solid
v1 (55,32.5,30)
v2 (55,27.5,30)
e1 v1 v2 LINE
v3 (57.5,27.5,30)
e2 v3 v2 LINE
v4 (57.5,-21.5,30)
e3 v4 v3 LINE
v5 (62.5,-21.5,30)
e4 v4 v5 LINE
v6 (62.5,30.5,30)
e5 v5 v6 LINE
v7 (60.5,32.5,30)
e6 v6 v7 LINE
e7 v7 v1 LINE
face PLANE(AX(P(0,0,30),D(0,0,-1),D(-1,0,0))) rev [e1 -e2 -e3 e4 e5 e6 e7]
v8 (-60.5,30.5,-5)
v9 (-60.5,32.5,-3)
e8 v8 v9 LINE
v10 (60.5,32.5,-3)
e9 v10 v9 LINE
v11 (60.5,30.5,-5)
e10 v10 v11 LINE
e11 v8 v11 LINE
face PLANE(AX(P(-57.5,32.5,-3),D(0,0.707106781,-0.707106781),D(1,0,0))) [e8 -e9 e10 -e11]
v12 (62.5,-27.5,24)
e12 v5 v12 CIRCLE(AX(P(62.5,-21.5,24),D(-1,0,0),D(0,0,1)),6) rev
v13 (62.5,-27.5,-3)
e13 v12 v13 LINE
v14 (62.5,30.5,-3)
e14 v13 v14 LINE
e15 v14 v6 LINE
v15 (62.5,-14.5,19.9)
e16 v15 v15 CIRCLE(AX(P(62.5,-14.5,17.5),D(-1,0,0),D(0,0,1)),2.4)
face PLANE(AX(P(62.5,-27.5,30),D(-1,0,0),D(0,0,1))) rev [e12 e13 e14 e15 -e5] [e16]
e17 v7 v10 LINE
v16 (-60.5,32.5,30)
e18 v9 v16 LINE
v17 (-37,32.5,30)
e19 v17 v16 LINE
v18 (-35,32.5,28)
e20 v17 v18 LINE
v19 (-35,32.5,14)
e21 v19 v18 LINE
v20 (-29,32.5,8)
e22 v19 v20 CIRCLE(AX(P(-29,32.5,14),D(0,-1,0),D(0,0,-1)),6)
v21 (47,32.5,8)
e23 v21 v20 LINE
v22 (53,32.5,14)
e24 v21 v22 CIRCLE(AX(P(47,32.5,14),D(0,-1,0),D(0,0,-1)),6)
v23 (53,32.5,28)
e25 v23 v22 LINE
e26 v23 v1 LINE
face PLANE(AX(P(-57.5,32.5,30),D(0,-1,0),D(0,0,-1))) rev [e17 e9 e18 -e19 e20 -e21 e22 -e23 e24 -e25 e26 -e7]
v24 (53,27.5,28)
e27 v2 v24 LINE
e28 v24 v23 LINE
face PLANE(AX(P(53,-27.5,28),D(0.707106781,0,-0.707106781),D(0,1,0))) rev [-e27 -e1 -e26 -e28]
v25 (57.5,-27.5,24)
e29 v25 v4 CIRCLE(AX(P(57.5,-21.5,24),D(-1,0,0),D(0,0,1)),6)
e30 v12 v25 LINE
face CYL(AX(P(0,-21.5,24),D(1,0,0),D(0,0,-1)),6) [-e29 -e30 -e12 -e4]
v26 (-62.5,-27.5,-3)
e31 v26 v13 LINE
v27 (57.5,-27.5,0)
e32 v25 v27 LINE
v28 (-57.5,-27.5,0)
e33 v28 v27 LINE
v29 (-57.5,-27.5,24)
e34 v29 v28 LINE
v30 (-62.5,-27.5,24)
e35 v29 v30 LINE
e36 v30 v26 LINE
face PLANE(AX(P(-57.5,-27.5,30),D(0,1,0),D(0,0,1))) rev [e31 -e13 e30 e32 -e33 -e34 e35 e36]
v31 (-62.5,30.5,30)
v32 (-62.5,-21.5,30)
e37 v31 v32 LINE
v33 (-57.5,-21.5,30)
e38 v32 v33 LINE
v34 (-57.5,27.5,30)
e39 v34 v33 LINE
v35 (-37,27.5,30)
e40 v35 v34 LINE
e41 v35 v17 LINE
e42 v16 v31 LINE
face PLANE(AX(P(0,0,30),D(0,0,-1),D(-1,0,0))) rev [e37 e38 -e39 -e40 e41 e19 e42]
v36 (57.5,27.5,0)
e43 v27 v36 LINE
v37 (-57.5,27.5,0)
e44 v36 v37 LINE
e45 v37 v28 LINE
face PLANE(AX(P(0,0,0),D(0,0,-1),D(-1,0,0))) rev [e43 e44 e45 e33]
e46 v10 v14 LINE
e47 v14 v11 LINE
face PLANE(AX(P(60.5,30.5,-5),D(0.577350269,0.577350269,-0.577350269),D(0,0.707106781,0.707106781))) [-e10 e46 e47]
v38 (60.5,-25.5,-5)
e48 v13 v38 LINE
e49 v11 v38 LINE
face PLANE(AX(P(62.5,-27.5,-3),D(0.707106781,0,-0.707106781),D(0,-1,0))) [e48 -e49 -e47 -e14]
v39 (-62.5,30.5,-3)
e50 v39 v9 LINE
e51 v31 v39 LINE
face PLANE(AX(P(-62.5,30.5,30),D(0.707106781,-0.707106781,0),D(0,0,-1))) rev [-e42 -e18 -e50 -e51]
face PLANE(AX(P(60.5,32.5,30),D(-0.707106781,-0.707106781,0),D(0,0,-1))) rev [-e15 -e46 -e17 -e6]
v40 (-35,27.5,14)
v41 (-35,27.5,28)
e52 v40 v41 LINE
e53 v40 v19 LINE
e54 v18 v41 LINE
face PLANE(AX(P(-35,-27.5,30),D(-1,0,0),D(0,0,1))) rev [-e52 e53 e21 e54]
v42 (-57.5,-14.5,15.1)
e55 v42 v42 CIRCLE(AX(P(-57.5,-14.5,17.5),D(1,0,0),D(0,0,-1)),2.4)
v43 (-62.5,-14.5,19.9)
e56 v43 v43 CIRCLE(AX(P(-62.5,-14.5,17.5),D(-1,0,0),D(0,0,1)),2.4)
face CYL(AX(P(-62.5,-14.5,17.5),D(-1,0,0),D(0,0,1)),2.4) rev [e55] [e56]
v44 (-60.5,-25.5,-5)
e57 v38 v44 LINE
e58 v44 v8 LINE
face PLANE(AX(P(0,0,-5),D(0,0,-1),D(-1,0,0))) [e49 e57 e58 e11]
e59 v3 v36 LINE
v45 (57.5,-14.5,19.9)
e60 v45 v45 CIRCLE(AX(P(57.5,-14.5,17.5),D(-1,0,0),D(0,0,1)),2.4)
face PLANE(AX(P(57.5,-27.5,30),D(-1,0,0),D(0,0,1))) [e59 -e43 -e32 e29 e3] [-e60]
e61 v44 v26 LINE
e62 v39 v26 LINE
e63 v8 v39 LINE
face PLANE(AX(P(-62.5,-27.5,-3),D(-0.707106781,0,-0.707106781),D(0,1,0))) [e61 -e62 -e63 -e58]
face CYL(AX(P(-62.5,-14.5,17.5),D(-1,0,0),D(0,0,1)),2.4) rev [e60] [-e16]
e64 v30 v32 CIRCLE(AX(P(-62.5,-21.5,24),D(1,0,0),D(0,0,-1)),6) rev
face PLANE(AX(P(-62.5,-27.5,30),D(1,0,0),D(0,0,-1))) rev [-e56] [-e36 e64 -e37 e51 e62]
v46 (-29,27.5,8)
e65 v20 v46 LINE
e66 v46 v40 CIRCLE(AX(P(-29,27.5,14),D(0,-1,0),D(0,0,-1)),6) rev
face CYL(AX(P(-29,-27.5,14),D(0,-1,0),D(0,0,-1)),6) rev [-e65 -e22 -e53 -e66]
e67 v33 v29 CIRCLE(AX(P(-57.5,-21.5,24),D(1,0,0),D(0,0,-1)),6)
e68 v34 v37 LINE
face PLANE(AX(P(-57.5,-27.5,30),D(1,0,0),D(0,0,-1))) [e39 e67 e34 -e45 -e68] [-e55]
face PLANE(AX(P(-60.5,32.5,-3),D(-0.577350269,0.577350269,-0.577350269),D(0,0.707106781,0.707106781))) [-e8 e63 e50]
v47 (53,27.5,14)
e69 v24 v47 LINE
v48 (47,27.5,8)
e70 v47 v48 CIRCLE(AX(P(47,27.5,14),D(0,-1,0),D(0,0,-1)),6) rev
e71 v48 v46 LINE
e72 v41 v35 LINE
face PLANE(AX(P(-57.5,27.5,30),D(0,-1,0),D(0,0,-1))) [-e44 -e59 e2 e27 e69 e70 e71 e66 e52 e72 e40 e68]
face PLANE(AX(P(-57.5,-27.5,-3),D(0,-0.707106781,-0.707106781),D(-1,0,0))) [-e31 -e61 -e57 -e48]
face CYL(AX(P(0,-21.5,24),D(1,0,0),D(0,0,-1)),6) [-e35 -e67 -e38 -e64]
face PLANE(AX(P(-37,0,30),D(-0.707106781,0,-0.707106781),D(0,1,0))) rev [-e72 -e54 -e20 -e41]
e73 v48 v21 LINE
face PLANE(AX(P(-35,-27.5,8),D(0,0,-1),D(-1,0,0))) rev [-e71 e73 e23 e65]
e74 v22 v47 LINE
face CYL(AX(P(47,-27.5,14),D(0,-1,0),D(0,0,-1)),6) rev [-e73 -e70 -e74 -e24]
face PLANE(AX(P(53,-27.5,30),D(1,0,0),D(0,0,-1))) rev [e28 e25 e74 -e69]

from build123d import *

# Parameters (mm, degrees)
SKETCH1_W            = 115
SKETCH1_H            = 55
BOSS_EXTRUDE1_DEPTH  = 30
SKETCH2_W            = 88
SKETCH2_H            = 22
CUT_EXTRUDE1_DEPTH   = 86.036756758
SHELL1_T             = 5
M4_CLEARANCE_HOLE1_D = 4.8
CHAMFER1_SIZE        = 2
FILLET1_R            = 6
FILLET2_R            = 6


with BuildPart() as part:
    # Sketch1 → Boss-Extrude1 (new body)
    with BuildSketch(Plane.XY):
        Rectangle(SKETCH1_W, SKETCH1_H)
    extrude(amount=BOSS_EXTRUDE1_DEPTH)

    # Sketch2 → Cut-Extrude1 (cut, through all)
    with BuildSketch(Plane(origin=(0, 27.5, 0), x_dir=(1, 0, 0), z_dir=(0, 1, 0))):
        with Locations((9, -19)):
            Rectangle(SKETCH2_W, SKETCH2_H)
    extrude(amount=-CUT_EXTRUDE1_DEPTH, mode=Mode.SUBTRACT)

    # Shell1
    shell1_openings = [part.faces().sort_by_distance(p)[0] for p in [
        (0, -27.5, 1.188486432),
        (55.25, 0, 30),
        (53, 0, 19),
        (9, 0, 8),
        (-35, 0, 19),
        (-46.25, 0, 30),
    ]]
    offset(amount=SHELL1_T, openings=shell1_openings, kind=Kind.INTERSECTION)

    # M4 Clearance Hole1 (through all)
    with Locations(Plane.ZY.offset(62.5)):
        with Locations((17.5, -14.5)):
            Hole(M4_CLEARANCE_HOLE1_D / 2)

    # Chamfer1
    chamfer1_edges = [part.edges().sort_by_distance(p)[0] for p in [
        (-35, 30, 30),
        (53, 30, 30),
        (0, -27.5, -5),
        (-62.5, 2.5, -5),
        (0, 32.5, -5),
        (62.5, 2.5, -5),
        (-62.5, 32.5, 12.5),
        (62.5, 32.5, 12.5),
    ]]
    chamfer(chamfer1_edges, length=CHAMFER1_SIZE)

    # Fillet1
    fillet1_edges = [part.edges().sort_by_distance(p)[0] for p in [
        (-35, 30, 8),
        (53, 30, 8),
    ]]
    fillet(fillet1_edges, radius=FILLET1_R)

    # Fillet2
    fillet2_edges = [part.edges().sort_by_distance(p)[0] for p in [
        (60, -27.5, 30),
        (-60, -27.5, 30),
    ]]
    fillet(fillet2_edges, radius=FILLET2_R)


solid = part.part
